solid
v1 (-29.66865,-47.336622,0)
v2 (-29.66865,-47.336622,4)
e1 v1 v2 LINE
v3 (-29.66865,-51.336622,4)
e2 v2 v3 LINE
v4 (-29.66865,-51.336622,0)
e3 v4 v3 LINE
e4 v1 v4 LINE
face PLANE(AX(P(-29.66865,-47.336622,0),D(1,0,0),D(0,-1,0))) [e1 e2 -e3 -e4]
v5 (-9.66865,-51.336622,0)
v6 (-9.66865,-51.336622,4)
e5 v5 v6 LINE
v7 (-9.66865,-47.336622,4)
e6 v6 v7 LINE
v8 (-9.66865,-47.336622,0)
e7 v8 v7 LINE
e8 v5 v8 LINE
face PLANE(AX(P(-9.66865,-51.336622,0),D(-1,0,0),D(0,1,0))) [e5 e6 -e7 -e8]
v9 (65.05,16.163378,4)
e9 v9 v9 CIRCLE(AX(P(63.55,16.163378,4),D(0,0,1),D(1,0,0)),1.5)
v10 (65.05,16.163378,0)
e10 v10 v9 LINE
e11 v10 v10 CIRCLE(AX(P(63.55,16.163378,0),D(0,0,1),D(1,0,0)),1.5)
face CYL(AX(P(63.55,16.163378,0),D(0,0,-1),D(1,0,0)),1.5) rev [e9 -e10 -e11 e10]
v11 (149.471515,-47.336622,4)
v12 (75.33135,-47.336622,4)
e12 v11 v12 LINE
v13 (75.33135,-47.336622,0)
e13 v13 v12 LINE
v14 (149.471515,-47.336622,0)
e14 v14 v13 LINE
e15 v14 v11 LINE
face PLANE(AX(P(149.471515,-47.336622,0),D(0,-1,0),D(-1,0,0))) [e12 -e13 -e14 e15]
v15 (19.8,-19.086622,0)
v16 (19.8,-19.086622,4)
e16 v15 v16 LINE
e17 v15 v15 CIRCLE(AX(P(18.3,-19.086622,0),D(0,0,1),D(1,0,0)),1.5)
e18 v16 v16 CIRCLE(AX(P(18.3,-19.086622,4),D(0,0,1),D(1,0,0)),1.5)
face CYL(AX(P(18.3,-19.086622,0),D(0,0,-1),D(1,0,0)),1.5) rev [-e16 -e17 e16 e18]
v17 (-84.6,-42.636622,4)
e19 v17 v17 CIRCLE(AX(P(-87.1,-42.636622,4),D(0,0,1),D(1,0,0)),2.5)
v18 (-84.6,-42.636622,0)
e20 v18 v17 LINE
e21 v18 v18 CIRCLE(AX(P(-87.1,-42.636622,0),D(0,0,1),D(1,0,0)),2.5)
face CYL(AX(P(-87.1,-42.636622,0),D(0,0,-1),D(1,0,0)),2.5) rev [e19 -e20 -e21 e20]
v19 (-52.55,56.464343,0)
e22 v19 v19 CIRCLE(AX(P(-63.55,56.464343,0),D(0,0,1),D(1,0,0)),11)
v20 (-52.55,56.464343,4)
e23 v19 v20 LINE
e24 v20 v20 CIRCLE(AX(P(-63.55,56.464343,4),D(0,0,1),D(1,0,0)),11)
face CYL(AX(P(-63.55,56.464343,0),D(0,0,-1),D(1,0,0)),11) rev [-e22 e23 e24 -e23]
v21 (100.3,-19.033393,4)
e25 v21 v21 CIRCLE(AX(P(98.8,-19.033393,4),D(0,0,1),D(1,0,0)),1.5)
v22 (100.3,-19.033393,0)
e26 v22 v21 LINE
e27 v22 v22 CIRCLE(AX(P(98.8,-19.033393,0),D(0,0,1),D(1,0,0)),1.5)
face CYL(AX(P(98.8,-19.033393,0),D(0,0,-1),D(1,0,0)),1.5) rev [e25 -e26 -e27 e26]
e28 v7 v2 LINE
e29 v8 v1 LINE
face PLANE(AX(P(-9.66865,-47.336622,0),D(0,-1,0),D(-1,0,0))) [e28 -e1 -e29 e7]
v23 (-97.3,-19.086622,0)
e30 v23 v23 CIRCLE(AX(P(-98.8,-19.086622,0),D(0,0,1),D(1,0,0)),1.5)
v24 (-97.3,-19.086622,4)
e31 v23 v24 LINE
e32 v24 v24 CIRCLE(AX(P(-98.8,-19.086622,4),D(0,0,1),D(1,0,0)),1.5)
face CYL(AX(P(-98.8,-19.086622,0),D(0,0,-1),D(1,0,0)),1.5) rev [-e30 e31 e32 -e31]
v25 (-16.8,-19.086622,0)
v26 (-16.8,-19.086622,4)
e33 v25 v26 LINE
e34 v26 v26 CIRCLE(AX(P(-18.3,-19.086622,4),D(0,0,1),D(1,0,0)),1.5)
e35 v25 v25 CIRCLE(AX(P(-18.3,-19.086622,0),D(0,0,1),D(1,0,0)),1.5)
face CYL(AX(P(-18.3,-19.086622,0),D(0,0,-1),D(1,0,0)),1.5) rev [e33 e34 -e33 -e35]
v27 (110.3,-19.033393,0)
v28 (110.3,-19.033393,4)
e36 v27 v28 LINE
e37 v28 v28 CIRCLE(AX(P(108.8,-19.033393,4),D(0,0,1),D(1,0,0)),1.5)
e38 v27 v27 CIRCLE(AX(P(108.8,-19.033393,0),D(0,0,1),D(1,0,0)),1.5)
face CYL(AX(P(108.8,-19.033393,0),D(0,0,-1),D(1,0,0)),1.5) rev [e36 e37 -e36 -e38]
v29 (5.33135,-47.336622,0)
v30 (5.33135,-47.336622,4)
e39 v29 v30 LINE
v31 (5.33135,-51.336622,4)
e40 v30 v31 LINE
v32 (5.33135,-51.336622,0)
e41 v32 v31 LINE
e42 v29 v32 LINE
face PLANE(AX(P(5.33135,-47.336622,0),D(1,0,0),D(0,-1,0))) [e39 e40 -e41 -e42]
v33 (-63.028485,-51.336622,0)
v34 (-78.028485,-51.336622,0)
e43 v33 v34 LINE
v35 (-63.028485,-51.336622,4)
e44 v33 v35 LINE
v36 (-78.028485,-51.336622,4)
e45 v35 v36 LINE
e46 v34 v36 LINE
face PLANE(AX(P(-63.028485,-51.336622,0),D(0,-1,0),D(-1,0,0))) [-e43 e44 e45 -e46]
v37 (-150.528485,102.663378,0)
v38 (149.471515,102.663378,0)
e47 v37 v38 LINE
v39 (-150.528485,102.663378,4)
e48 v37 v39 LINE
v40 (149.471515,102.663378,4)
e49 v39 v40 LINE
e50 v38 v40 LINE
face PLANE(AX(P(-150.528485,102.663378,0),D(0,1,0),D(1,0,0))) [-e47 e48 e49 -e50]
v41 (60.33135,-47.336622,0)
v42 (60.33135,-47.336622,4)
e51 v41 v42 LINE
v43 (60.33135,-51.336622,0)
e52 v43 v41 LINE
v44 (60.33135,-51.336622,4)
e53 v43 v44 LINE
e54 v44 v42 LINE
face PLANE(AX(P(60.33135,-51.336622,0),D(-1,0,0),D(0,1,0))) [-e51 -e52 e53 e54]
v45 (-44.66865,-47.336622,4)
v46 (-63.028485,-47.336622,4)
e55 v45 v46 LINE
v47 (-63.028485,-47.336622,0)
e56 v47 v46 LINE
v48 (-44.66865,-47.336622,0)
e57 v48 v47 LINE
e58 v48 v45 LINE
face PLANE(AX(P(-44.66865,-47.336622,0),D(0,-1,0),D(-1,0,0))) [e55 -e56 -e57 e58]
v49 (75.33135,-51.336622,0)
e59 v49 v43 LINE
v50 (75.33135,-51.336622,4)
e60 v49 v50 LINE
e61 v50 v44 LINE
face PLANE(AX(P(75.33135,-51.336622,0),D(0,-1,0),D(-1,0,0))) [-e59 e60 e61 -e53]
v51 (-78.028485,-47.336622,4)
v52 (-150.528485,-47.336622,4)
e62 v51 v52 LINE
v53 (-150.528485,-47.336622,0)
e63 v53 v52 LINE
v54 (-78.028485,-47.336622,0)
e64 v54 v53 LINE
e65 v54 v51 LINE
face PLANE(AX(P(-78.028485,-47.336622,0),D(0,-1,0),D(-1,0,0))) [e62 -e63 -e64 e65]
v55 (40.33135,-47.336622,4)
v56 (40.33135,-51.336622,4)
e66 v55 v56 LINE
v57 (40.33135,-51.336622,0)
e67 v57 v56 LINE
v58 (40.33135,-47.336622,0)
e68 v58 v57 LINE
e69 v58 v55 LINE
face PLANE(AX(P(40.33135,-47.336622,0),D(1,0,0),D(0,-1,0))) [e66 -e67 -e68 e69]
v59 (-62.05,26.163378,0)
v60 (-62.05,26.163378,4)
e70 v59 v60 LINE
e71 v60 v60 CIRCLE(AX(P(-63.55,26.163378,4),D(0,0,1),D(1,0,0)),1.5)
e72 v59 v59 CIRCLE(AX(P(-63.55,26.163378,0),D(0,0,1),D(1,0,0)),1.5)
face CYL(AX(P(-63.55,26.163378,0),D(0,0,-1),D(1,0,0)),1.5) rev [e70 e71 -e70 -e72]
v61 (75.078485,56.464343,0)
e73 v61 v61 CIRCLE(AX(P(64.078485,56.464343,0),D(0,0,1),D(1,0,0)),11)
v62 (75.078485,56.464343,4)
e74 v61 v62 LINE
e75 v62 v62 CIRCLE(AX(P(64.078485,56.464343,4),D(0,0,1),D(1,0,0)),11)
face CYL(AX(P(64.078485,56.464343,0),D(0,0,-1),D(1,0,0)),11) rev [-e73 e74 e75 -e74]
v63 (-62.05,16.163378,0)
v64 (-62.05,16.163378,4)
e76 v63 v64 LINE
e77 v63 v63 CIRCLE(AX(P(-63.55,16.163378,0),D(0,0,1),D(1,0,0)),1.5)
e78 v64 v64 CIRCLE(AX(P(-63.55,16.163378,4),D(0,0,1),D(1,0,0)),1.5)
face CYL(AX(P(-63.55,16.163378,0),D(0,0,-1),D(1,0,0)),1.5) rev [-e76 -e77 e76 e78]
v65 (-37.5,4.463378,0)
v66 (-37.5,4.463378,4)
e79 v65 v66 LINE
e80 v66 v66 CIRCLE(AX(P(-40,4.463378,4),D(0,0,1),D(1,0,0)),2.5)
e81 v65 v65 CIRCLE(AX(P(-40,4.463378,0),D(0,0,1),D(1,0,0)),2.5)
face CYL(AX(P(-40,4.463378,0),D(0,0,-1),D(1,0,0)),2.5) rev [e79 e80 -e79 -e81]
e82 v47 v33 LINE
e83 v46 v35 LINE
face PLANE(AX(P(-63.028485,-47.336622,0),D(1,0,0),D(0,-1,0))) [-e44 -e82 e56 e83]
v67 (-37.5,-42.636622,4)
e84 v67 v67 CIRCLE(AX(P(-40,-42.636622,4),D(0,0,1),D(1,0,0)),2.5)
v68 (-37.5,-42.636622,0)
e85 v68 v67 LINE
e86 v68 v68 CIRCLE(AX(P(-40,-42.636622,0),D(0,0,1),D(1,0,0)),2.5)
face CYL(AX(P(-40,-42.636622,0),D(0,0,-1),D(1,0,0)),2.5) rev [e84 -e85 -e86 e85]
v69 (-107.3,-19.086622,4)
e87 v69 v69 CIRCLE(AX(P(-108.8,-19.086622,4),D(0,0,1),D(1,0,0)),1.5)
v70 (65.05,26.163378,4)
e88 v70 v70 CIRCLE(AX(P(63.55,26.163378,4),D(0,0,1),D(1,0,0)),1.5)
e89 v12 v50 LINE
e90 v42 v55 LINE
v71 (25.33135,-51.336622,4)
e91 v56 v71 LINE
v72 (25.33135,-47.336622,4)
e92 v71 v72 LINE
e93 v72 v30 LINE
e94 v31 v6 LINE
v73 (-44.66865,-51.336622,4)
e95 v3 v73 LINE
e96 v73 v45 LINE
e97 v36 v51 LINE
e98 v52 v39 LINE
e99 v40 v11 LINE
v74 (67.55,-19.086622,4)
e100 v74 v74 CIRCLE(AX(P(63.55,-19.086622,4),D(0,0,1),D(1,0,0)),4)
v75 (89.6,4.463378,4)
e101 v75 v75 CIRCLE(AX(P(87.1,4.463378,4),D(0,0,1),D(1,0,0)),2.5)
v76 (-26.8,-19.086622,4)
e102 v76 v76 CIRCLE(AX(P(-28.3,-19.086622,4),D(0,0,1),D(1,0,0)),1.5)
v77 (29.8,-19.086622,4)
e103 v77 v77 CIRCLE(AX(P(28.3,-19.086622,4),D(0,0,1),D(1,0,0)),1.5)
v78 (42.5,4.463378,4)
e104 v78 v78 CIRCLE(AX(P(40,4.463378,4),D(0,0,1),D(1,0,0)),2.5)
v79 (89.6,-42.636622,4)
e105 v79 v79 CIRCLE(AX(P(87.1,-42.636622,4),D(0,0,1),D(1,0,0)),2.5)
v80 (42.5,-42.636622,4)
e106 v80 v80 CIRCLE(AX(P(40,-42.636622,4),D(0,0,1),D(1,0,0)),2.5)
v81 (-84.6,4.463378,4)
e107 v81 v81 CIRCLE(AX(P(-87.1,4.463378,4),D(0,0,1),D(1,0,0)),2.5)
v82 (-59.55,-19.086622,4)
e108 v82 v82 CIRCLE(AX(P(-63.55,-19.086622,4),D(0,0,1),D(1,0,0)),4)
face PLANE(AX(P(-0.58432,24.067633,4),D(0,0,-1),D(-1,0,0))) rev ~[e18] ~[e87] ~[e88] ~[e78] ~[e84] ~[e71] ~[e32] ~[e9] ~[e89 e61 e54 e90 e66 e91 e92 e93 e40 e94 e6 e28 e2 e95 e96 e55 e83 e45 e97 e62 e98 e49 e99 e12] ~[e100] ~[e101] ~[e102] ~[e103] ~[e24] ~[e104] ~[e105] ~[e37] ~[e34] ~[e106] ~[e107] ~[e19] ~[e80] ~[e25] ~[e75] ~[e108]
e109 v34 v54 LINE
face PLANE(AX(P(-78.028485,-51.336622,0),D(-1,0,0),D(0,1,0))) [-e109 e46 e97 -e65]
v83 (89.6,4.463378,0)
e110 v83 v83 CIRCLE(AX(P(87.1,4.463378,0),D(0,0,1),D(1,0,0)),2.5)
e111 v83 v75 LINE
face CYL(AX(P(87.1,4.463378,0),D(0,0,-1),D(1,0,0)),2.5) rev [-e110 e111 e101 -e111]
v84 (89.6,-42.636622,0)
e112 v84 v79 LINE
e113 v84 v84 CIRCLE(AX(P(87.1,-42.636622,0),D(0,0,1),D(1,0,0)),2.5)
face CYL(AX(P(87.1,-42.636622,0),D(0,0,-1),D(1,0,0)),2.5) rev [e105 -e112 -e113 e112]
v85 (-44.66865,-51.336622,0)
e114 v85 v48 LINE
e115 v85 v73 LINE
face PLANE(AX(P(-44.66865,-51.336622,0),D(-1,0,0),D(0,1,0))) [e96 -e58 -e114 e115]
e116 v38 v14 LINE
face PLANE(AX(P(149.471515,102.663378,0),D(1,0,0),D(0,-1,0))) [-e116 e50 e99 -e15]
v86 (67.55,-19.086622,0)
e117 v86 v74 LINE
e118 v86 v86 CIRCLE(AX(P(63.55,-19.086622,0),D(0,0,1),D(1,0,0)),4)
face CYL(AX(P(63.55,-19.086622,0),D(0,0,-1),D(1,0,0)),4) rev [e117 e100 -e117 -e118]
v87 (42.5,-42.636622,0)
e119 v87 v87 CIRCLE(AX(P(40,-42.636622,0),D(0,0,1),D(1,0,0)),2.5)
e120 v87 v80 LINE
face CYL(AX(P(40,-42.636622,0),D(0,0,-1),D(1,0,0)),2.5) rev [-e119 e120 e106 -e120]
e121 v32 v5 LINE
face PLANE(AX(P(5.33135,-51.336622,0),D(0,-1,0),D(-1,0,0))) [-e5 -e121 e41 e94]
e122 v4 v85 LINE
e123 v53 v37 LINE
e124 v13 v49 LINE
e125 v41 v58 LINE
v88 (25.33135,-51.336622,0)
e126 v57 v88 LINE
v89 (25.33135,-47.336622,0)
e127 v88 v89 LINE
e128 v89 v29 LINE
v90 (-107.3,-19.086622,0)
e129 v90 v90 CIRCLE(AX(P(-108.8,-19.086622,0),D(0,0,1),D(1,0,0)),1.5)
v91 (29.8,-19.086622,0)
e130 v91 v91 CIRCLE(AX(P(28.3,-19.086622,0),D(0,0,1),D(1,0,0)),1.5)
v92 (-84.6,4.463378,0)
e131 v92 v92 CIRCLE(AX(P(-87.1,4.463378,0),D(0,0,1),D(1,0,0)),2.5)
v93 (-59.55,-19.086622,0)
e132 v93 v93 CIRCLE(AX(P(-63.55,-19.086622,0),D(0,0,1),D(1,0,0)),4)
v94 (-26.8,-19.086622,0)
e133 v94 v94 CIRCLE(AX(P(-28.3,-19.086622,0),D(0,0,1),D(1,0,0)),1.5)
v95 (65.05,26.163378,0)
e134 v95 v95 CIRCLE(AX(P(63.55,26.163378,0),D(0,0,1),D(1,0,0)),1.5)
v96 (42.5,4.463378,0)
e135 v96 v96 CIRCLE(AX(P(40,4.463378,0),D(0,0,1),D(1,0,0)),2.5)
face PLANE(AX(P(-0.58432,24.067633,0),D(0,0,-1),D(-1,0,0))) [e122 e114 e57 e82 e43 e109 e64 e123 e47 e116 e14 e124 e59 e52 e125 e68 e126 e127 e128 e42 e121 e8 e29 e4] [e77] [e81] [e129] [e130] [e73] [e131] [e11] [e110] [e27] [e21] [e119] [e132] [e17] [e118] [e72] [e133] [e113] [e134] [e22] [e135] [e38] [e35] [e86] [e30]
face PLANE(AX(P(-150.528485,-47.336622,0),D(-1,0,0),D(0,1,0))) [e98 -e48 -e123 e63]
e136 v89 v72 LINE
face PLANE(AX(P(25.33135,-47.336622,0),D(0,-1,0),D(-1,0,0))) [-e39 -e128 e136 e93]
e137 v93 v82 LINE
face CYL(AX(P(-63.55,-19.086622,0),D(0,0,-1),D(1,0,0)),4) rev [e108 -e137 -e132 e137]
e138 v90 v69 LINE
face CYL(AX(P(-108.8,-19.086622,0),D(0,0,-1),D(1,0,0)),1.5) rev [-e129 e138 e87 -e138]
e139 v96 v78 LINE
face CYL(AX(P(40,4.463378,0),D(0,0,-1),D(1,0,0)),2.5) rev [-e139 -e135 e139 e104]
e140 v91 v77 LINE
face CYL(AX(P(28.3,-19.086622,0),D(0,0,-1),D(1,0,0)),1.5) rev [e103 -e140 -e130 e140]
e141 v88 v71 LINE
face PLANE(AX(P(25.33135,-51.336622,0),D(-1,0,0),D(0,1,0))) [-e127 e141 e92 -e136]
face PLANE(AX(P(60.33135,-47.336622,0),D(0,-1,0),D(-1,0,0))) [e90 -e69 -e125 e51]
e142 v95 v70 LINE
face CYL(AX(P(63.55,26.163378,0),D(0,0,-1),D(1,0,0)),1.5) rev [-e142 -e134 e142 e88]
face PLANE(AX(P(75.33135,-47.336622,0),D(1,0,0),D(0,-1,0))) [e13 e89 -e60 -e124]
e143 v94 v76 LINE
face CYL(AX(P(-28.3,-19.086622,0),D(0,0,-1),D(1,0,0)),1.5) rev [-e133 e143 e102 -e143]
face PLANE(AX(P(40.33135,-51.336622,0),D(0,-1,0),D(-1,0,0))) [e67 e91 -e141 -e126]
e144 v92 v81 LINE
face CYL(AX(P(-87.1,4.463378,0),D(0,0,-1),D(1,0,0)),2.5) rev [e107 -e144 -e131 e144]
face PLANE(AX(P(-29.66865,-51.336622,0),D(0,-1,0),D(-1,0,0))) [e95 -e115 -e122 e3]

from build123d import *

# Parameters (mm, degrees)
SKETCH1_R           = 1.5
SKETCH1_R_2         = 11
SKETCH1_R_3         = 4
SKETCH1_R_4         = 2.5
BOSS_EXTRUDE2_DEPTH = 4


with BuildPart() as part:
    # Sketch1 → Boss-Extrude2 (new body)
    with BuildSketch(Plane.XY):
        Polygon((-150.528484514, 102.663377685), (149.471515486, 102.663377685), (149.471515486, -47.336622315), (75.331349572, -47.336622315), (75.331349572, -51.336622315), (60.331349572, -51.336622315), (60.331349572, -47.336622315), (40.331349572, -47.336622315), (40.331349572, -51.336622315), (25.331349572, -51.336622315), (25.331349572, -47.336622315), (5.331349572, -47.336622315), (5.331349572, -51.336622315), (-9.668650428, -51.336622315), (-9.668650428, -47.336622315), (-29.668650428, -47.336622315), (-29.668650428, -51.336622315), (-44.668650428, -51.336622315), (-44.668650428, -47.336622315), (-63.028484514, -47.336622315), (-63.028484514, -51.336622315), (-78.028484514, -51.336622315), (-78.028484514, -47.336622315), (-150.528484514, -47.336622315), align=None)
        with Locations((-63.55, 16.163377685)):
            Circle(SKETCH1_R, mode=Mode.SUBTRACT)
        with Locations((-63.55, 26.163377685)):
            Circle(SKETCH1_R, mode=Mode.SUBTRACT)
        with Locations((-98.8, -19.086622315)):
            Circle(SKETCH1_R, mode=Mode.SUBTRACT)
        with Locations((-108.8, -19.086622315)):
            Circle(SKETCH1_R, mode=Mode.SUBTRACT)
        with Locations((63.55, 16.163377685)):
            Circle(SKETCH1_R, mode=Mode.SUBTRACT)
        with Locations((63.55, 26.163377685)):
            Circle(SKETCH1_R, mode=Mode.SUBTRACT)
        with Locations((98.8, -19.033393361)):
            Circle(SKETCH1_R, mode=Mode.SUBTRACT)
        with Locations((108.8, -19.033393361)):
            Circle(SKETCH1_R, mode=Mode.SUBTRACT)
        with Locations((64.078484514, 56.464342986)):
            Circle(SKETCH1_R_2, mode=Mode.SUBTRACT)
        with Locations((-63.55, 56.464342986)):
            Circle(SKETCH1_R_2, mode=Mode.SUBTRACT)
        with Locations((-28.3, -19.086622315)):
            Circle(SKETCH1_R, mode=Mode.SUBTRACT)
        with Locations((-18.3, -19.086622315)):
            Circle(SKETCH1_R, mode=Mode.SUBTRACT)
        with Locations((28.3, -19.086622315)):
            Circle(SKETCH1_R, mode=Mode.SUBTRACT)
        with Locations((18.3, -19.086622315)):
            Circle(SKETCH1_R, mode=Mode.SUBTRACT)
        with Locations((63.55, -19.086622315)):
            Circle(SKETCH1_R_3, mode=Mode.SUBTRACT)
        with Locations((40, 4.463377685)):
            Circle(SKETCH1_R_4, mode=Mode.SUBTRACT)
        with Locations((40, -42.636622315)):
            Circle(SKETCH1_R_4, mode=Mode.SUBTRACT)
        with Locations((87.1, 4.463377685)):
            Circle(SKETCH1_R_4, mode=Mode.SUBTRACT)
        with Locations((87.1, -42.636622315)):
            Circle(SKETCH1_R_4, mode=Mode.SUBTRACT)
        with Locations((-40, -42.636622315)):
            Circle(SKETCH1_R_4, mode=Mode.SUBTRACT)
        with Locations((-87.1, 4.463377685)):
            Circle(SKETCH1_R_4, mode=Mode.SUBTRACT)
        with Locations((-87.1, -42.636622315)):
            Circle(SKETCH1_R_4, mode=Mode.SUBTRACT)
        with Locations((-63.55, -19.086622315)):
            Circle(SKETCH1_R_3, mode=Mode.SUBTRACT)
        with Locations((-40, 4.463377685)):
            Circle(SKETCH1_R_4, mode=Mode.SUBTRACT)
    extrude(amount=BOSS_EXTRUDE2_DEPTH)


solid = part.part
